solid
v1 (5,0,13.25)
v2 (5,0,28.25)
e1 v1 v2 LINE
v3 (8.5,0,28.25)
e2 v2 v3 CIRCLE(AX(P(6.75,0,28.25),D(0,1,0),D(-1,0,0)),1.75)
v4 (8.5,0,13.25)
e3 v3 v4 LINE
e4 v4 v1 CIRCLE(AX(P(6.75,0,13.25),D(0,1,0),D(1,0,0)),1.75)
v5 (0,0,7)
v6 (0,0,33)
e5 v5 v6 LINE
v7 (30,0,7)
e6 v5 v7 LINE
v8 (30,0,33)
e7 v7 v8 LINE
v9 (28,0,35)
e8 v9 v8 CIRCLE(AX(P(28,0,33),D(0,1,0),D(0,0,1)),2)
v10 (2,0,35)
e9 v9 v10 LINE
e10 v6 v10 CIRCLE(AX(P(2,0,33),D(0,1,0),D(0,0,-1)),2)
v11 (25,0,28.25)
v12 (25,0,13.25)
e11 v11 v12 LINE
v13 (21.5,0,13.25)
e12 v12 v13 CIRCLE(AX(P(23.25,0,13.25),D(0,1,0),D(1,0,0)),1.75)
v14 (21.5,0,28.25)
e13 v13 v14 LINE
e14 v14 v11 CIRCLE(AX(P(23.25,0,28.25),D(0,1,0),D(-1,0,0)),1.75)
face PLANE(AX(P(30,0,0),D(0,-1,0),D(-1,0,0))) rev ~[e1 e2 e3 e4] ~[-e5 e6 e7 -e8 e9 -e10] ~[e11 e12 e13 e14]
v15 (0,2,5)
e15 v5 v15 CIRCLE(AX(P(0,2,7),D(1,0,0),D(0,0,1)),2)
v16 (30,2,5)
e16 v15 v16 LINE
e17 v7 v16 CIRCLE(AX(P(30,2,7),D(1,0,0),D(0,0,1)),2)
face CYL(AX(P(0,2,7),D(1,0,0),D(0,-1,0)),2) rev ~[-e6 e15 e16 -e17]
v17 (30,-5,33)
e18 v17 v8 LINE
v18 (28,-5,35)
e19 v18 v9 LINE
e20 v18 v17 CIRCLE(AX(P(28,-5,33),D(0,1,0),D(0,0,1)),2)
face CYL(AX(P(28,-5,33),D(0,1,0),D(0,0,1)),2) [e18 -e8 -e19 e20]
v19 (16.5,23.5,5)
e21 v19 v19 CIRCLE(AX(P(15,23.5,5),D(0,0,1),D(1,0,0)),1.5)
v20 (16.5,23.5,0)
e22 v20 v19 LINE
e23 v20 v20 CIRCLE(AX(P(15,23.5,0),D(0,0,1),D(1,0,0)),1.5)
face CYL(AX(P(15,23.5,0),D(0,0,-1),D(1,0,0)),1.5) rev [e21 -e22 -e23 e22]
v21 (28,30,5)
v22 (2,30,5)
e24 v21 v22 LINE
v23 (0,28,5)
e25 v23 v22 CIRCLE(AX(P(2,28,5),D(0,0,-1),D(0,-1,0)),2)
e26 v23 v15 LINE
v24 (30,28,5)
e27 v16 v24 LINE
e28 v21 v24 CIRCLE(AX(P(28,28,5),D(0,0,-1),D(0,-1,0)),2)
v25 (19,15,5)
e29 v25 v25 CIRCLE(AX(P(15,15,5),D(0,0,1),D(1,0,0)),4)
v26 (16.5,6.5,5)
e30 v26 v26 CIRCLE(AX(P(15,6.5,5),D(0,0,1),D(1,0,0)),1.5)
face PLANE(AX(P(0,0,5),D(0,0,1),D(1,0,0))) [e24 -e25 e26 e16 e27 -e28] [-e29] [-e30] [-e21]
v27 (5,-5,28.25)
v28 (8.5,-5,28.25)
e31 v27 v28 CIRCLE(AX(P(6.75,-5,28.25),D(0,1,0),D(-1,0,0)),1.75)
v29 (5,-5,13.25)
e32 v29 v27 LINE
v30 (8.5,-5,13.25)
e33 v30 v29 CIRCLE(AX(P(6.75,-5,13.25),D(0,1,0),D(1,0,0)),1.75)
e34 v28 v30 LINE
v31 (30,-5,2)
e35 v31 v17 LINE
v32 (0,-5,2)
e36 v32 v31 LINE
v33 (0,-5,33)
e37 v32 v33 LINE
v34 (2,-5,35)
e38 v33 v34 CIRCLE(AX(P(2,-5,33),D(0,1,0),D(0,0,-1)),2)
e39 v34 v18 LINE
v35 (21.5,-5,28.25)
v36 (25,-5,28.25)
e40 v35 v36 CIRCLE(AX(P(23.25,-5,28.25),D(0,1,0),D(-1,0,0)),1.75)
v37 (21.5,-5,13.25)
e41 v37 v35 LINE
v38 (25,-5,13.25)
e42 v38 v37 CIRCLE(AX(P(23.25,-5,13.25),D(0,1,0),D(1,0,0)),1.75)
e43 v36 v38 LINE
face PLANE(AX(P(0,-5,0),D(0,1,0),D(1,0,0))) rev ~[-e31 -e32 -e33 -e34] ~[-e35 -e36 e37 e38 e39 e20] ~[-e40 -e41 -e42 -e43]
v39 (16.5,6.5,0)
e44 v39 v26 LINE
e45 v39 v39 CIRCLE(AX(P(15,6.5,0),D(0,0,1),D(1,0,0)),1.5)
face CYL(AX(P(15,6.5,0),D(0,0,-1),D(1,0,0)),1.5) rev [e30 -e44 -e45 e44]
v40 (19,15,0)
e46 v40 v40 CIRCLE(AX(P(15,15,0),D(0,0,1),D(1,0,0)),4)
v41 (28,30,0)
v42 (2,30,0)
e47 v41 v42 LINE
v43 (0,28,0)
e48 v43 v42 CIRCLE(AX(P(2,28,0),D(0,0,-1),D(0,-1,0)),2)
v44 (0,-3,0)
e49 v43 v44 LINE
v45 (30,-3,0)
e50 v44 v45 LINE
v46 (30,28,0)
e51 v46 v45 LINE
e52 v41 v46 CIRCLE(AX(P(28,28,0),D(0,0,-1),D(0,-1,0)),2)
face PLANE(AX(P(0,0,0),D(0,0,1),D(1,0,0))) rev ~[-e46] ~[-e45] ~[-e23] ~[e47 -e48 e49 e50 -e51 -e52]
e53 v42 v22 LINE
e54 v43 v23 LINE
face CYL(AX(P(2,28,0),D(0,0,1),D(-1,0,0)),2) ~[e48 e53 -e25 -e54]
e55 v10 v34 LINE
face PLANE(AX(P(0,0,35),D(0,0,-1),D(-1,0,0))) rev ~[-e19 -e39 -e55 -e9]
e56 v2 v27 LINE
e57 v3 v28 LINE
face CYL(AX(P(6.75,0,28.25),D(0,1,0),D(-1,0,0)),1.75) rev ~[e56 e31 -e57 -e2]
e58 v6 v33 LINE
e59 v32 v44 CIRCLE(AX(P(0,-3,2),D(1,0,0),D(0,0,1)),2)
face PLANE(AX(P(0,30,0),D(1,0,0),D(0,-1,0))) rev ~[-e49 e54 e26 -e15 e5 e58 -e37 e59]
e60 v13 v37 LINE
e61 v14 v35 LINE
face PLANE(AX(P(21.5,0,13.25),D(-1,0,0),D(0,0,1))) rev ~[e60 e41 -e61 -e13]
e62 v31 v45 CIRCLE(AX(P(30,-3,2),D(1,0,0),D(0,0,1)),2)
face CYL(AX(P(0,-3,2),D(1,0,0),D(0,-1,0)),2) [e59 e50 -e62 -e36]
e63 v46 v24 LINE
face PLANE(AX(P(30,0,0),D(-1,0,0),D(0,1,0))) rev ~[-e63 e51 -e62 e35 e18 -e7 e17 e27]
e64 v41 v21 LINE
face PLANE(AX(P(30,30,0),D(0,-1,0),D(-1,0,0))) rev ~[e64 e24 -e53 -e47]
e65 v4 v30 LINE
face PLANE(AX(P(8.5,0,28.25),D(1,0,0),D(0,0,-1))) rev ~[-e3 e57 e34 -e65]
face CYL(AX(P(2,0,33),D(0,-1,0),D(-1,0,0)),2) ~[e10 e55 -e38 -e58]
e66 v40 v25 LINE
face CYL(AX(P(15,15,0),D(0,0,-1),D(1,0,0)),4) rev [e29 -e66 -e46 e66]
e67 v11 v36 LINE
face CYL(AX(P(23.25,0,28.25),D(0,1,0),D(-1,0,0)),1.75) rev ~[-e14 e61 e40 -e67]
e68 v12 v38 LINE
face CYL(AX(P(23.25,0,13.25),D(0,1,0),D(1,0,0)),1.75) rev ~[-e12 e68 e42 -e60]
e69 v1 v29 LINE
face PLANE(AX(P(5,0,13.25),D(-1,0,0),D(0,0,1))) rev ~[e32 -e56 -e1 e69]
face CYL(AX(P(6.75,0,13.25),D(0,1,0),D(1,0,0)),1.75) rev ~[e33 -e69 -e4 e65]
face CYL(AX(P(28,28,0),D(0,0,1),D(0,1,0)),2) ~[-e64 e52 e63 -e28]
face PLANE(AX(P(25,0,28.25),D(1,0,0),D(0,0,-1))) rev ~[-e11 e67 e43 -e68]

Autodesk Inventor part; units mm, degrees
ref_plane "YZ Plane" through (0, 0, 0) normal (1, 0, 0) x (0, 1, 0)
ref_plane "XZ Plane" through (0, 0, 0) normal (0, 1, 0) x (-1, 0, 0)
ref_plane "XY Plane" through (0, 0, 0) normal (0, 0, 1) x (1, 0, 0)
sketch "Boceto1" plane through (0, 0, 0) normal (0, 0, 1) x (1, 0, 0)
  line L0 (0, 0) -> (30, 0)
  line L1 (30, 0) -> (30, 30)
  line L2 (30, 30) -> (0, 30)
  line L3 (0, 30) -> (0, 0)
  circle A0 centre (15, 15) radius 4
  circle A1 centre (15, 23.5) radius 1.5
  circle A2 centre (15, 6.5) radius 1.5
  dimension "d0" = 30
  dimension "d1" = 30
  dimension "d2" = 8
  dimension "d3" = 3
  dimension "d4" = 3
  dimension "d5" = 8.5
  dimension "d6" = 8.5
  dimension "d7" = 6.5
extrude "Extrusión1" add sketch "Boceto1" along normal blind 5
sketch "Boceto2" plane through (0, 0, 0) normal (0, 0, -1) x (-1, 0, 0)
  line L0 (-30, 0) -> (-30, 30) projected
  line L1 (-30, 0) -> (0, 0)
  line L2 (0, 0) -> (0, -5)
  line L3 (0, -5) -> (-30, -5)
  line L4 (-30, -5) -> (-30, 0)
  dimension "d10" = 5
extrude "Extrusión2" add sketch "Boceto2" against normal blind 35
sketch "Boceto3" plane through (0, 0, 5) normal (0, 1, 0) x (1, 0, 0)
  line L0 (6.75, -8.25) -> (6.75, -23.25) construction
  line L1 (5, -8.25) -> (5, -23.25)
  line L2 (8.5, -23.25) -> (8.5, -8.25)
  arc A0 (8.5, -8.25) -> (5, -8.25) centre (6.75, -8.25) ccw
  arc A1 (5, -23.25) -> (8.5, -23.25) centre (6.75, -23.25) ccw
  line L3 (23.25, -8.25) -> (23.25, -23.25) construction
  line L4 (21.5, -8.25) -> (21.5, -23.25)
  line L5 (25, -23.25) -> (25, -8.25)
  arc A2 (25, -8.25) -> (21.5, -8.25) centre (23.25, -8.25) ccw
  arc A3 (21.5, -23.25) -> (25, -23.25) centre (23.25, -23.25) ccw
  line L6 (0, 0) -> (0, -30) projected
  line L7 (30, 0) -> (30, -30) projected
  line L8 (30, -30) -> (0, -30) projected
  point P0 (0, 5)
  point P1 (6.75, -15.75)
  point P2 (23.25, -15.75)
  point P3 (6.75, -25)
  dimension "d13" = 3.5
  dimension "d14" = 3.5
  dimension "d15" = 15
  dimension "d16" = 15
  dimension "d17" = 5
  dimension "d18" = 5
  dimension "d19" = 0
  dimension "d20" = 5
extrude "Extrusión3" cut sketch "Boceto3" against normal blind 5
fillet "Empalme1" radius 2 1 edges at (15, -5, 0)
fillet "Empalme2" radius 2 5 edges at (0, -2.5, 35) (30, -2.5, 35) (30, 30, 2.5) (0, 30, 2.5) (15, 0, 5)
properties part number "soporte_motor"
